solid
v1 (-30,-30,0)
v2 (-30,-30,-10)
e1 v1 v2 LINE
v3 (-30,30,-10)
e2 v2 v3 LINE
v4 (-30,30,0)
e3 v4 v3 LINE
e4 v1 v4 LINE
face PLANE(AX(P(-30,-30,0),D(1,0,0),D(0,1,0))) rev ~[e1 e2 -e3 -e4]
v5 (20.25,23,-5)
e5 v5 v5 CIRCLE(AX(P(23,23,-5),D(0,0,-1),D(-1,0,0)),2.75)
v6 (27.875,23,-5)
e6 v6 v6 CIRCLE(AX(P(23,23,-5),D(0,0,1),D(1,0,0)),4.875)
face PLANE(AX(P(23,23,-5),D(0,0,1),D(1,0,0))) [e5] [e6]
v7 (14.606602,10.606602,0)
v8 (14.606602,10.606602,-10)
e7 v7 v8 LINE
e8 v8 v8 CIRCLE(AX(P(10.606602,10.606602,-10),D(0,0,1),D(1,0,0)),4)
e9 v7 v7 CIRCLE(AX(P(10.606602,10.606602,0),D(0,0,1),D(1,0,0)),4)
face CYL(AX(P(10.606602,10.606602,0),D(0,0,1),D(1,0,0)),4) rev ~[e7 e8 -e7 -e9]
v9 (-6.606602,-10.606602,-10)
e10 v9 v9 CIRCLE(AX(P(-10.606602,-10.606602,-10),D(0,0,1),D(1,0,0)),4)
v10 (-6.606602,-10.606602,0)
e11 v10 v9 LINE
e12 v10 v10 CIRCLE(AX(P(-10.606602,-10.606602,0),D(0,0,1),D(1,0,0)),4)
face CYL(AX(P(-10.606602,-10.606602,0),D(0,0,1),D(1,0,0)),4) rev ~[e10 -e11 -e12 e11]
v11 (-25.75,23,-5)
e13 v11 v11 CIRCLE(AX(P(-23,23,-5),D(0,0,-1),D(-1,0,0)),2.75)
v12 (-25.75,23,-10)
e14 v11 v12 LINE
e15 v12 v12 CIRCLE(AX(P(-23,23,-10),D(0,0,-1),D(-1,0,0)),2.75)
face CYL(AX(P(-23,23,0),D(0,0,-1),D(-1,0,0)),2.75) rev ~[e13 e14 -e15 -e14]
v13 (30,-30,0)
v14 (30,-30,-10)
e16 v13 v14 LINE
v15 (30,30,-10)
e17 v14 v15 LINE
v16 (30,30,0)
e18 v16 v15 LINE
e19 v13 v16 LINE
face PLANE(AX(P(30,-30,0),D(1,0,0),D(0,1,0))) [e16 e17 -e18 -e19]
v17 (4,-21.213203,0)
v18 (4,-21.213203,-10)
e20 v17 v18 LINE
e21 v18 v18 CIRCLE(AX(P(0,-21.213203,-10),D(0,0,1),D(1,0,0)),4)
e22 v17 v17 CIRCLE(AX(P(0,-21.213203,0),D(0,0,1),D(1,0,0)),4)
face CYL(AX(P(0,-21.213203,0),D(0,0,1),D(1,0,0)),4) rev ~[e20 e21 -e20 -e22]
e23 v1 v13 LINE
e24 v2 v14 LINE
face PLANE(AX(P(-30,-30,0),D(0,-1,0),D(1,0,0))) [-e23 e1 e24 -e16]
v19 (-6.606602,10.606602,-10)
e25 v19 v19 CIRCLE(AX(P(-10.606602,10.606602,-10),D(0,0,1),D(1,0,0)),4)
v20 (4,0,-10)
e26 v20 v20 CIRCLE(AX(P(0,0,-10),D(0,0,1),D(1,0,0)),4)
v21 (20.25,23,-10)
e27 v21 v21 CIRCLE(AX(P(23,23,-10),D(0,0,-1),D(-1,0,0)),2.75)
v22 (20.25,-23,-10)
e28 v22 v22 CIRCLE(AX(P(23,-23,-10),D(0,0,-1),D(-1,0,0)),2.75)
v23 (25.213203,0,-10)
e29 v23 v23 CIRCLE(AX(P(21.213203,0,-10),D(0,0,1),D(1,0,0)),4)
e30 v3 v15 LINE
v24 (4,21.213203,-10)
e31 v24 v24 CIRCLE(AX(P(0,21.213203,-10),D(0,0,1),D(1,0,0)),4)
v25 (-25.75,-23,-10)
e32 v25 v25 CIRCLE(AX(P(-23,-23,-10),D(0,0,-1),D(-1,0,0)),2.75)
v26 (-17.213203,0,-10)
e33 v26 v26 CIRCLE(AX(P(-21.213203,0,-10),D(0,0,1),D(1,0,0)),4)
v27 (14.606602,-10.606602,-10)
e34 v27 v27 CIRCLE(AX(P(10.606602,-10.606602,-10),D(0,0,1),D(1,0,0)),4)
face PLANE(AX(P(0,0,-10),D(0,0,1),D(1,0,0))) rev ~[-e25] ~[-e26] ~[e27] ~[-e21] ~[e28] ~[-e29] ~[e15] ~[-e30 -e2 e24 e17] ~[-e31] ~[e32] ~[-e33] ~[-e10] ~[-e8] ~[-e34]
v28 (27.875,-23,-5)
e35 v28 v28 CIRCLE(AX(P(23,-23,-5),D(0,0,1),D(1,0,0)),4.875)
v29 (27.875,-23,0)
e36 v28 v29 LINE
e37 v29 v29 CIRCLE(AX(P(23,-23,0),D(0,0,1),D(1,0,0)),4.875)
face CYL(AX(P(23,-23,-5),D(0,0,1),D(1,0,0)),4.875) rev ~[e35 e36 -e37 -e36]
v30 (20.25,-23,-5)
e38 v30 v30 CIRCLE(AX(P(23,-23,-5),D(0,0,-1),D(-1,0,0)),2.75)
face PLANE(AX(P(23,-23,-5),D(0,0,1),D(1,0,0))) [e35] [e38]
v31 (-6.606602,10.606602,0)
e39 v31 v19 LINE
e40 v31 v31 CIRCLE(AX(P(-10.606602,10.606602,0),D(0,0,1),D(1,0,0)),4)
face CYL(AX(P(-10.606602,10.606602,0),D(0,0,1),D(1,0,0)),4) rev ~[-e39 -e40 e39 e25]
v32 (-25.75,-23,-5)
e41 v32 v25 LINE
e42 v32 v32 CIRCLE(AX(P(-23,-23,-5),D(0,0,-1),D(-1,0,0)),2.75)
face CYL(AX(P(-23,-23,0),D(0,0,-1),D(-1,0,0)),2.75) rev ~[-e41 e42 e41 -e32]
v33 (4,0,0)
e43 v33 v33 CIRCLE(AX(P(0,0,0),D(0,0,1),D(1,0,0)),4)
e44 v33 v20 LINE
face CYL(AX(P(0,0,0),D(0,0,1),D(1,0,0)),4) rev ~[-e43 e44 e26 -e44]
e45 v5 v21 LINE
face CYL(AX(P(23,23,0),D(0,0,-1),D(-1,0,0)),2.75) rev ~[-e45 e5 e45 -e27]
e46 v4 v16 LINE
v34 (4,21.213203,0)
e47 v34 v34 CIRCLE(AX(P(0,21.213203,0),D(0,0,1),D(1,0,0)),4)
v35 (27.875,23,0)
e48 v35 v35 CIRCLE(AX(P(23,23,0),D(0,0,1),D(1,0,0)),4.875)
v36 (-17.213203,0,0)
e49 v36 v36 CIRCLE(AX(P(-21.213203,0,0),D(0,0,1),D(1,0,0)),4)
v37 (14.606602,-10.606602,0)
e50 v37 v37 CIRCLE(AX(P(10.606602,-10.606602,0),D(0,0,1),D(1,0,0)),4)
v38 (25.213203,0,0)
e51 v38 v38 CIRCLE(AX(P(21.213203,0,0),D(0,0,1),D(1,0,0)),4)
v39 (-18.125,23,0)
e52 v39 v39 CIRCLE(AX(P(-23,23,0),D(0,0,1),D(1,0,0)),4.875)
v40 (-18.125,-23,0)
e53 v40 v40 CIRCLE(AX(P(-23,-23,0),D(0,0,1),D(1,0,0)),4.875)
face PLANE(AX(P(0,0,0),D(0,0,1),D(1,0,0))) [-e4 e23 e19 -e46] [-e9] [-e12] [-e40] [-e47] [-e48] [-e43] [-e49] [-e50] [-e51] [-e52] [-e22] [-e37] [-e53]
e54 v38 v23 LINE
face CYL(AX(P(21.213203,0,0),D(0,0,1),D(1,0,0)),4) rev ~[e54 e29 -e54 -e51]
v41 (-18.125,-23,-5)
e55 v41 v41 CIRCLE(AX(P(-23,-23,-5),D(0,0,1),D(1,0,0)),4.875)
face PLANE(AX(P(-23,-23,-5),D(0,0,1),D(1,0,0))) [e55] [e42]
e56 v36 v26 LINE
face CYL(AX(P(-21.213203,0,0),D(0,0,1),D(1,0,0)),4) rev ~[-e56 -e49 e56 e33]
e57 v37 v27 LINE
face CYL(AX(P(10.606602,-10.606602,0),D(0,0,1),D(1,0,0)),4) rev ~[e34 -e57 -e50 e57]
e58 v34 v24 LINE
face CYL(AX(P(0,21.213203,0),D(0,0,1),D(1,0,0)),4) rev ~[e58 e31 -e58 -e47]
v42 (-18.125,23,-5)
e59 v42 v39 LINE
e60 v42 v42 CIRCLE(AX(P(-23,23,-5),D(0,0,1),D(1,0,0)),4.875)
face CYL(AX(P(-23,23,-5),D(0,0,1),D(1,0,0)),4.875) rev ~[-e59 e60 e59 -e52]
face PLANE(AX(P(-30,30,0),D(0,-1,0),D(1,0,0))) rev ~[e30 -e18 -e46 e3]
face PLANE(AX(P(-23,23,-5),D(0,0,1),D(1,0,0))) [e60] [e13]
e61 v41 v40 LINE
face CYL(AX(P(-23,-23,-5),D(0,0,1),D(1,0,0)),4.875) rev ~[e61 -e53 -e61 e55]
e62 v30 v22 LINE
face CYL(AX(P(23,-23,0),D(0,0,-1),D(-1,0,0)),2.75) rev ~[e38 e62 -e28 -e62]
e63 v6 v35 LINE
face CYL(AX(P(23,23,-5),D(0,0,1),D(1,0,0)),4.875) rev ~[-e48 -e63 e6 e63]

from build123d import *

# Parameters (mm, degrees)
F0_W           = 60
F0_H           = 60
F1_DEPTH       = 10
F2_R           = 4
F3_DEPTH       = 10.001
F4_D           = 5.5
F4_CBORE_D     = 9.75
F4_CBORE_DEPTH = 5


with BuildPart() as f1:
    # F0 (on Top) → F1 (new body)
    with BuildSketch(Plane.XY):
        Rectangle(F0_W, F0_H)
    extrude(amount=-F1_DEPTH)

    # F2 (on face) → F3 (cut, through all)
    with BuildSketch(Plane.XY):
        with Locations((0, -21.2132034356)):
            Circle(F2_R)
        with Locations((-10.6066017178, -10.6066017178)):
            Circle(F2_R)
        with Locations((-21.2132034356, 0)):
            Circle(F2_R)
        Circle(F2_R)
        with Locations((10.6066017178, -10.6066017178)):
            Circle(F2_R)
        with Locations((21.2132034356, 0)):
            Circle(F2_R)
        with Locations((10.6066017178, 10.6066017178)):
            Circle(F2_R)
        with Locations((0, 21.2132034356)):
            Circle(F2_R)
        with Locations((-10.6066017178, 10.6066017178)):
            Circle(F2_R)
    extrude(amount=-F3_DEPTH, mode=Mode.SUBTRACT)

    # F4 (through all)
    with Locations(Plane.XY):
        with Locations((23, -23), (-23, -23), (-23, 23), (23, 23)):
            CounterBoreHole(F4_D / 2, F4_CBORE_D / 2, F4_CBORE_DEPTH)


solid = f1.part
